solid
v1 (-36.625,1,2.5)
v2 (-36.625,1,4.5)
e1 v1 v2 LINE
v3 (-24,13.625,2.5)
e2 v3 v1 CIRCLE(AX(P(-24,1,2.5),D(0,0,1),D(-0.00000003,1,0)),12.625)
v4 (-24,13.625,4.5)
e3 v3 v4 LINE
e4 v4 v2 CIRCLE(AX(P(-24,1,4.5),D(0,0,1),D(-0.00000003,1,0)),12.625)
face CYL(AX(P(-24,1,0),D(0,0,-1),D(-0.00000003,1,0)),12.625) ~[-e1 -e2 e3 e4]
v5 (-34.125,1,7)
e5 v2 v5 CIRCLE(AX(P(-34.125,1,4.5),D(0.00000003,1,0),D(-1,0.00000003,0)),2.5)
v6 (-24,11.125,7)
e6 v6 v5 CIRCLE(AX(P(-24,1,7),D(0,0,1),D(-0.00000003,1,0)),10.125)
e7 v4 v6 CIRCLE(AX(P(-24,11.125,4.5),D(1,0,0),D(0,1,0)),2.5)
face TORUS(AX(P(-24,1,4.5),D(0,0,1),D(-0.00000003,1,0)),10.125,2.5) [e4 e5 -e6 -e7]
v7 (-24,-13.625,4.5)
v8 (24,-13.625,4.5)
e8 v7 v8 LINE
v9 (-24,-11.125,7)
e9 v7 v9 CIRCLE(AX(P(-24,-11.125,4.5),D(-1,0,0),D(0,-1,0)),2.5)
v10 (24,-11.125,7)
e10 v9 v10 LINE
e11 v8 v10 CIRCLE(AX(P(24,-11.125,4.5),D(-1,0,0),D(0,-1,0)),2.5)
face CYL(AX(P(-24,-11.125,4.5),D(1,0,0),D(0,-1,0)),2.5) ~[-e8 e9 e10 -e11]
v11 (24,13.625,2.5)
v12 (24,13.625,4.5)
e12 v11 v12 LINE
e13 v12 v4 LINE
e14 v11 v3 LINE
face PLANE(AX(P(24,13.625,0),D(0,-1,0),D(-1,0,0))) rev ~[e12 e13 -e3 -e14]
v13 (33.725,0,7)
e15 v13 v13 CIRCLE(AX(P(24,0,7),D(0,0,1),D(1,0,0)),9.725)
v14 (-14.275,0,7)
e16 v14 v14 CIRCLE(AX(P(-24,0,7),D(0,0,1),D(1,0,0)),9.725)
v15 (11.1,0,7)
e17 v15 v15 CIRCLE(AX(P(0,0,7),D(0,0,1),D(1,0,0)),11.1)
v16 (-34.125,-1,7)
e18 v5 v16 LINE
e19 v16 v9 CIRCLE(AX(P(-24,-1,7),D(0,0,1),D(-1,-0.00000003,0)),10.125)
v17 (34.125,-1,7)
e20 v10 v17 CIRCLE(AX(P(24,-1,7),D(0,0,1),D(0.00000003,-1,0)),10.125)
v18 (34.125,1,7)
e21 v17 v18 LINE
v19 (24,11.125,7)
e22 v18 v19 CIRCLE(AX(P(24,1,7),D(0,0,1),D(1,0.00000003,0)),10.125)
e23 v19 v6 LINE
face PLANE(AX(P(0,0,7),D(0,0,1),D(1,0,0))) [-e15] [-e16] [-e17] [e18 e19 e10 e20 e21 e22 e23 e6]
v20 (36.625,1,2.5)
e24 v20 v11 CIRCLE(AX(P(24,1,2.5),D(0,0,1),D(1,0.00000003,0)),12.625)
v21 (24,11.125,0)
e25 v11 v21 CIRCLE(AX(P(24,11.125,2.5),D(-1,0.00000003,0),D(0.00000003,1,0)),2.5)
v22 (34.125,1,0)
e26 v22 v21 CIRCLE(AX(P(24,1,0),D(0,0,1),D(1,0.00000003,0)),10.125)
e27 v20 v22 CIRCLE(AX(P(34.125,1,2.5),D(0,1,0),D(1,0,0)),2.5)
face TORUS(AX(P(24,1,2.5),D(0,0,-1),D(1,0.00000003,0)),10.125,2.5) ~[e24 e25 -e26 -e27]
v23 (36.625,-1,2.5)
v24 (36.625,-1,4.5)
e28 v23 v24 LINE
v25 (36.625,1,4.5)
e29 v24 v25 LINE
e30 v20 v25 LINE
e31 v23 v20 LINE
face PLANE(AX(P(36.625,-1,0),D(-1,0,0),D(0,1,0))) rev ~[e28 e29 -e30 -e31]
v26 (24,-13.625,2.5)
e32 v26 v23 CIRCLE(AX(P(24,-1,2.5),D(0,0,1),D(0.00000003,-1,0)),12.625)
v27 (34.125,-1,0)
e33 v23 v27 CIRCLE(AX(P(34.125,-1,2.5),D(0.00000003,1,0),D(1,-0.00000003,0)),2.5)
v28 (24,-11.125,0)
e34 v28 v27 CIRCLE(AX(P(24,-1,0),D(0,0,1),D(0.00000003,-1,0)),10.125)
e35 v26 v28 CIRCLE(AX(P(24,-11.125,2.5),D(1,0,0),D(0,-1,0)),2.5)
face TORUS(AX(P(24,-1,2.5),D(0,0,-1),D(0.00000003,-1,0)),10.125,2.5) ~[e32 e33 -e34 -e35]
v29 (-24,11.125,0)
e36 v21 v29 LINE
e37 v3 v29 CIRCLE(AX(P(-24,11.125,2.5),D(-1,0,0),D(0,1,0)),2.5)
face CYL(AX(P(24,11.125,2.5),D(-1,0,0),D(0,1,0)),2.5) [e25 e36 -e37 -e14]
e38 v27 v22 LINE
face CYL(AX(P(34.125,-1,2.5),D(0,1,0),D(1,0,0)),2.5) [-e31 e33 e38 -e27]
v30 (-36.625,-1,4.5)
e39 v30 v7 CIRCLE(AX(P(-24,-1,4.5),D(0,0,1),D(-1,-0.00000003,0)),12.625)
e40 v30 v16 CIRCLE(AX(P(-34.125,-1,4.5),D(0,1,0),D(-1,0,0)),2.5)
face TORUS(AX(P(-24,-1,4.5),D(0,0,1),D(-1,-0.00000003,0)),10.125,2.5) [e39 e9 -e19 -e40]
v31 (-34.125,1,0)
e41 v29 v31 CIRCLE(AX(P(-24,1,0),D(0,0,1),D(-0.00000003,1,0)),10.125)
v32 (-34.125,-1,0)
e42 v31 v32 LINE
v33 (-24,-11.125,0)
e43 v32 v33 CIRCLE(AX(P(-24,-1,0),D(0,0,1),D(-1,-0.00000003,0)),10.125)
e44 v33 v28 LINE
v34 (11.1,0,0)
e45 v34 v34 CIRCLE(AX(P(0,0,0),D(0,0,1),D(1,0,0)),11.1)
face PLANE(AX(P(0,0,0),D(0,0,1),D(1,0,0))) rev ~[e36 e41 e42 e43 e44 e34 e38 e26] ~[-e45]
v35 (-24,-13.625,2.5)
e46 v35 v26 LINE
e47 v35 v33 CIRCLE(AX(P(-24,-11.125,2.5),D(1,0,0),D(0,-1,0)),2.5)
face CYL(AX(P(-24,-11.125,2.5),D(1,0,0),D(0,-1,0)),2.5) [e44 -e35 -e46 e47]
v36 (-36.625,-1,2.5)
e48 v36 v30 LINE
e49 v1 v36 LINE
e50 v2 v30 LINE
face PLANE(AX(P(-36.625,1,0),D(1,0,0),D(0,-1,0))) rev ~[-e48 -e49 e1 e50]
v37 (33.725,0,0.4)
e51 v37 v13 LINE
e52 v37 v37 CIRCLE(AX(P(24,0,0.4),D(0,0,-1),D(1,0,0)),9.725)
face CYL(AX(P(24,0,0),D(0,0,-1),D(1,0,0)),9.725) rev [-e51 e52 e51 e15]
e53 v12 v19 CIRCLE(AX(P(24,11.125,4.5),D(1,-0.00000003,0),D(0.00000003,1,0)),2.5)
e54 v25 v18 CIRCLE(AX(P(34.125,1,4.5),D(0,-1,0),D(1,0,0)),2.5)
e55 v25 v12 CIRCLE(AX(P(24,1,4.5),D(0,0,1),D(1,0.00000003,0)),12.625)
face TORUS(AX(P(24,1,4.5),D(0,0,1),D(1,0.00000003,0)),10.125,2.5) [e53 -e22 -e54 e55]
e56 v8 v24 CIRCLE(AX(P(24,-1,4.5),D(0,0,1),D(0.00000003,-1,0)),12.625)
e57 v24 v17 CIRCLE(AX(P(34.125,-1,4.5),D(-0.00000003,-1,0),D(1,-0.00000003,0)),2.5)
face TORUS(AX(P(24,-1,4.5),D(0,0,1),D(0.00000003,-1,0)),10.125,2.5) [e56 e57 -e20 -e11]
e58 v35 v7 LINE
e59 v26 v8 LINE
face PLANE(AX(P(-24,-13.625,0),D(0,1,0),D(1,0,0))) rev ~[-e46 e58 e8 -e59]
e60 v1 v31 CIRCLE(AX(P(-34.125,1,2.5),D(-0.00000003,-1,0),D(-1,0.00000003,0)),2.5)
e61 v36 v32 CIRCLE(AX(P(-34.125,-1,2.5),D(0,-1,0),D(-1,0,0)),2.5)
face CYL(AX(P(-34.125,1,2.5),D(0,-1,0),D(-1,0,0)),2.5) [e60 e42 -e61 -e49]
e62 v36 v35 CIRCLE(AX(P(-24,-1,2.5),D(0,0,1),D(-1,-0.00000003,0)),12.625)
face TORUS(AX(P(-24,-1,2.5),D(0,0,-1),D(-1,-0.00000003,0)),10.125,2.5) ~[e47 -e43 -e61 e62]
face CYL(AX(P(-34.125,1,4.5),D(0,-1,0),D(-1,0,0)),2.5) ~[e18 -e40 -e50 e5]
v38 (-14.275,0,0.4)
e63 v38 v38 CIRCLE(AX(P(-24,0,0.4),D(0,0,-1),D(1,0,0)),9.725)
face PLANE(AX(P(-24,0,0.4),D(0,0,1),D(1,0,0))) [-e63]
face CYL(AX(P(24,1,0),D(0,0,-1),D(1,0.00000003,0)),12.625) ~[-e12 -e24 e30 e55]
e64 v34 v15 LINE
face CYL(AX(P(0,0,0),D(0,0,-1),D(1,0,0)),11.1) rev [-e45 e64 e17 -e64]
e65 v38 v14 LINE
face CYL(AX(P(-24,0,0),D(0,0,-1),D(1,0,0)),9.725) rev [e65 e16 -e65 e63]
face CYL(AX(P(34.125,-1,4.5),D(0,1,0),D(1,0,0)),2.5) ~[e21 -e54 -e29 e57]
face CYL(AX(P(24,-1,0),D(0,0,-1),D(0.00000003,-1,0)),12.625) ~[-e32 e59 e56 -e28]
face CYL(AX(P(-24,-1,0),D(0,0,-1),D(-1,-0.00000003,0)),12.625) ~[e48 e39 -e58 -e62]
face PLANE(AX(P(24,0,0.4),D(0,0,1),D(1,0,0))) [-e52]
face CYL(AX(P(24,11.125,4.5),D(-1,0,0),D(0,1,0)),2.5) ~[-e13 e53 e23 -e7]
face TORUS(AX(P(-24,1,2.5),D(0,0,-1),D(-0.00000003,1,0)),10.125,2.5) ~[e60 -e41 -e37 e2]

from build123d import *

# Parameters (mm, degrees)
F0_R     = 9.725
F0_R_2   = 11.1
F1_DEPTH = 7
F2_R     = 2.5
F3_R     = 9.75
F4_DEPTH = 0.4


with BuildPart() as f1:
    # F0 (on Top) → F1 (new body)
    with BuildSketch(Plane.XY):
        with BuildLine():
            Line((24, 13.625), (-24, 13.625))
            ThreePointArc((-24, 13.625), (-32.927223, 9.927223), (-36.625, 1))
            Line((-36.625, 1), (-36.625, -1))
            ThreePointArc((-36.625, -1), (-32.927223, -9.927223), (-24, -13.625))
            Line((-24, -13.625), (24, -13.625))
            ThreePointArc((24, -13.625), (32.927223, -9.927223), (36.625, -1))
            Line((36.625, -1), (36.625, 1))
            ThreePointArc((36.625, 1), (32.927223, 9.927223), (24, 13.625))
        make_face()
        with Locations((-24, 0)):
            Circle(F0_R, mode=Mode.SUBTRACT)
        Circle(F0_R_2, mode=Mode.SUBTRACT)
        with Locations((24, 0)):
            Circle(F0_R, mode=Mode.SUBTRACT)
    extrude(amount=F1_DEPTH)

    # F2
    f2_edges = [f1.edges().sort_by_distance(p)[0] for p in [
        (0, -13.625, 7),
        (0, -13.625, 0),
    ]]
    fillet(f2_edges, radius=F2_R)

    # F3 (on Top) → F4 (join)
    with BuildSketch(Plane.XY):
        with Locations((-24, 0)):
            Circle(F3_R)
        with Locations((24, 0)):
            Circle(F3_R)
    extrude(amount=F4_DEPTH)


solid = f1.part
